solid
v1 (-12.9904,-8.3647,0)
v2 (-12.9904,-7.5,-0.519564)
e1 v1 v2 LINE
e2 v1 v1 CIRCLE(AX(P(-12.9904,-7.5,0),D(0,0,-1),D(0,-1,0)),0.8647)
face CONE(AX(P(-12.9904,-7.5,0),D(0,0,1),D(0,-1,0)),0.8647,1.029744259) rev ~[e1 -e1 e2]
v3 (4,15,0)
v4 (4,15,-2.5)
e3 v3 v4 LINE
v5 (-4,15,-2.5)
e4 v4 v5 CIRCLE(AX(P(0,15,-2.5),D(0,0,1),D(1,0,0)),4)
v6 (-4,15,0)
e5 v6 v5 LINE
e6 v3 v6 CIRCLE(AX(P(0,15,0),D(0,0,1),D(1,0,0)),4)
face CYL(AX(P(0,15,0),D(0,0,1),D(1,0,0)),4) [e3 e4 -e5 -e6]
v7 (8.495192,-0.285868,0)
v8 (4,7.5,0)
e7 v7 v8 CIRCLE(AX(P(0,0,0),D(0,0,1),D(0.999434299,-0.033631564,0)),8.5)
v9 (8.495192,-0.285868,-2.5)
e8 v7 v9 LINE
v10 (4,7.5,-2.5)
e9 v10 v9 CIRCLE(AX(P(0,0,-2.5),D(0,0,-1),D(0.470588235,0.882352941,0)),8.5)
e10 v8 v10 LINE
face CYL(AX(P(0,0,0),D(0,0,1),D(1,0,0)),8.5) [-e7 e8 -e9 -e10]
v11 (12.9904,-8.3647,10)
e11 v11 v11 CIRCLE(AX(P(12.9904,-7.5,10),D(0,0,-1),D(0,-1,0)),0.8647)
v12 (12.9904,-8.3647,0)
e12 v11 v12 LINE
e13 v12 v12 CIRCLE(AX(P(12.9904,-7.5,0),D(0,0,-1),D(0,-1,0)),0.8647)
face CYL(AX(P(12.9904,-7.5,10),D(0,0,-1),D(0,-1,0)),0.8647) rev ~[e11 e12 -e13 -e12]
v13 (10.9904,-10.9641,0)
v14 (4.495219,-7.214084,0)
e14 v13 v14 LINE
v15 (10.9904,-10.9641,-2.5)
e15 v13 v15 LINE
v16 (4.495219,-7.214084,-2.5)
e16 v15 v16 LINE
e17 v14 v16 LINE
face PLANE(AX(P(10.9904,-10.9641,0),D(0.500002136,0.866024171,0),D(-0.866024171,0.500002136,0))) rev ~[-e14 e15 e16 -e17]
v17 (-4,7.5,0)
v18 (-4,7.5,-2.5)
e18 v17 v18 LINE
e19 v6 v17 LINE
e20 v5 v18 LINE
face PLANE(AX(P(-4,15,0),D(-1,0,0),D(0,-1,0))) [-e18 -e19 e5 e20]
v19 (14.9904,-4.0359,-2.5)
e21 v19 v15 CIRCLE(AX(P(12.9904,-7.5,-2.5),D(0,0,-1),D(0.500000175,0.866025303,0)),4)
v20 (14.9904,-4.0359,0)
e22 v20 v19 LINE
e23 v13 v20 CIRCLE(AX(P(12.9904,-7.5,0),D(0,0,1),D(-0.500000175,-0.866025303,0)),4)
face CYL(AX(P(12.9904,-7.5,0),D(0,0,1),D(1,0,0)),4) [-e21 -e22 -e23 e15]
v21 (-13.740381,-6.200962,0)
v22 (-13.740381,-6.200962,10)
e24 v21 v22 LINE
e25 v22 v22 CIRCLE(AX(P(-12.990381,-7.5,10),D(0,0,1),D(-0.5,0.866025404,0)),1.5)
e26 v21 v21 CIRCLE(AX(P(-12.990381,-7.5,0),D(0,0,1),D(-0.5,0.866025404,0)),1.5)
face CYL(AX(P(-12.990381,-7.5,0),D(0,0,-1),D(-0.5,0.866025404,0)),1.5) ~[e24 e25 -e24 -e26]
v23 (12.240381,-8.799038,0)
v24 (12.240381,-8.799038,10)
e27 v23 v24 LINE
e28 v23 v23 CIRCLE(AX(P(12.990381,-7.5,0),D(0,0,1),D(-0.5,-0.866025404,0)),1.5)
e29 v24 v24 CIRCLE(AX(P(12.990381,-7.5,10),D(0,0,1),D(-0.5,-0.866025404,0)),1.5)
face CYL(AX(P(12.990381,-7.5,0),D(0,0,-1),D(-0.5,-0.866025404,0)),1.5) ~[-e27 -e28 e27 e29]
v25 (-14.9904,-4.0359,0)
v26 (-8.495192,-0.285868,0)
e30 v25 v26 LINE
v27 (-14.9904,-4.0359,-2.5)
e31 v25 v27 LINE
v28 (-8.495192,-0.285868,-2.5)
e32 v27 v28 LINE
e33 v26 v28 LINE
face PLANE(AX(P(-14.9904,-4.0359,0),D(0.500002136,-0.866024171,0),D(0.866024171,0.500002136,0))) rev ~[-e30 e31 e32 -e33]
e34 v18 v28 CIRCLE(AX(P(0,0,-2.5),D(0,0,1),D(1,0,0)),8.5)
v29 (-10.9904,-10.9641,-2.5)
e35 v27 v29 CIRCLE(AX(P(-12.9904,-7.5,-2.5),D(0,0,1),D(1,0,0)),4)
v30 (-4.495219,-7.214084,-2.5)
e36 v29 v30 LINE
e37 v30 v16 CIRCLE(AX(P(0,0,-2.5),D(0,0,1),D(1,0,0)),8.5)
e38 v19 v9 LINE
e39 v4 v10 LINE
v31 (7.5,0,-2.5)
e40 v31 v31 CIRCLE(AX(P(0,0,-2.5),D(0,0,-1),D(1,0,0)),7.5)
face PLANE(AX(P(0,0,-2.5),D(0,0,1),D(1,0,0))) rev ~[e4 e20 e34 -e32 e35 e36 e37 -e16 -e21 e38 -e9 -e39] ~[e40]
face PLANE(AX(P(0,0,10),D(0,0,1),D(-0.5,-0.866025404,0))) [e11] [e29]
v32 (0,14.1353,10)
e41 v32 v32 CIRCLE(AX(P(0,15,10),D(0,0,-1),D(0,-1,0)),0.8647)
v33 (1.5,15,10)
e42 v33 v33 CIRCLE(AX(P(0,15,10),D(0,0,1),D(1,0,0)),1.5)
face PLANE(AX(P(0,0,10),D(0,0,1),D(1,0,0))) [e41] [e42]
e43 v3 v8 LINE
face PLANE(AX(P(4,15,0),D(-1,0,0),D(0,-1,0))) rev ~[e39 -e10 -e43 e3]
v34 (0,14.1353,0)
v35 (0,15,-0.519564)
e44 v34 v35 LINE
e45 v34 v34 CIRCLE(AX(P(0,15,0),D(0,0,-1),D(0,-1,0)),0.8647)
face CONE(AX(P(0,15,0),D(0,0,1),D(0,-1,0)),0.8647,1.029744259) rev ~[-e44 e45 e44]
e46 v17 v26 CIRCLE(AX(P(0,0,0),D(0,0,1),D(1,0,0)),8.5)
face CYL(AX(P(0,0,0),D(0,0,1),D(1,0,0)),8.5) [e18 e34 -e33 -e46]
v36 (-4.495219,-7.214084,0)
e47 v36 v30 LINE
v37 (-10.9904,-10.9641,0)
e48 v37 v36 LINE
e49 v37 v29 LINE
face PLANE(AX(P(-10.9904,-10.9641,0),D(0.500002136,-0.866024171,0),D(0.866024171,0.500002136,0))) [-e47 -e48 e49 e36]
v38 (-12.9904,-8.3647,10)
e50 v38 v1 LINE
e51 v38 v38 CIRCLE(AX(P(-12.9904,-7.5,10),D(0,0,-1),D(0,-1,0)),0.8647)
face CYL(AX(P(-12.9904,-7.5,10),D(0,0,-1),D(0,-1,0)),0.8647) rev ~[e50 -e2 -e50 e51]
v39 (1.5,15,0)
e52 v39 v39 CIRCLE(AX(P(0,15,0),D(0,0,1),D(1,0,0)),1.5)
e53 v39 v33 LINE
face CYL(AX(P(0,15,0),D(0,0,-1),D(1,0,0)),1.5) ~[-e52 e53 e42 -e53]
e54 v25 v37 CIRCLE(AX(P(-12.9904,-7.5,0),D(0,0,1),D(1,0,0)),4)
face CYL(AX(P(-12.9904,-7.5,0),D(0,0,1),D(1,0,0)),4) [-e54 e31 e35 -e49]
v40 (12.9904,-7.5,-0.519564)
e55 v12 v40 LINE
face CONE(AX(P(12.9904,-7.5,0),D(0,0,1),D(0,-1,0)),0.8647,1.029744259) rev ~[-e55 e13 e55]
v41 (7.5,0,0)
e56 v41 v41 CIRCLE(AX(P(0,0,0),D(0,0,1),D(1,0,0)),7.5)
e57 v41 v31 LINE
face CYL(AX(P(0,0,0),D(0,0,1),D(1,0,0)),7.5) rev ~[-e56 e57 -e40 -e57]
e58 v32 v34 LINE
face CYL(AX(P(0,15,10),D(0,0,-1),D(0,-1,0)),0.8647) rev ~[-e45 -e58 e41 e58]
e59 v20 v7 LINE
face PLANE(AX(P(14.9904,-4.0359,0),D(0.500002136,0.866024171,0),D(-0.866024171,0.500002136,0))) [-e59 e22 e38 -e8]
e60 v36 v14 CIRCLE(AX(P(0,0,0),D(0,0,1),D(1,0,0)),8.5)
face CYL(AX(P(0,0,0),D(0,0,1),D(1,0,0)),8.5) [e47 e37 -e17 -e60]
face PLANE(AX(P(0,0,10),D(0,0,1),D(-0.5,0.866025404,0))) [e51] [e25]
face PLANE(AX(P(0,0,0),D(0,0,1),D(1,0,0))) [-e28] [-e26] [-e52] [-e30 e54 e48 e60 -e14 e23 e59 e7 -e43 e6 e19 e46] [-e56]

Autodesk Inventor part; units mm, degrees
ref_plane "YZ Plane" through (0, 0, 0) normal (1, 0, 0) x (0, 1, 0)
ref_plane "XZ Plane" through (0, 0, 0) normal (0, 1, 0) x (-1, 0, 0)
ref_plane "XY Plane" through (0, 0, 0) normal (0, 0, 1) x (1, 0, 0)
sketch "Sketch3" plane through (0, 0, 0) normal (0, 0, 1) x (1, 0, 0)
  circle A0 centre (0, 0) radius 7.5
  circle A1 centre (0, 15) radius 4
  line L0 (0, 0) -> (0, 15)
  line L1 (-4, 15) -> (-4, 6.3443)
  line L2 (4, 15) -> (4, 6.3443)
  circle A2 centre (0, 0) radius 8.5
  circle A3 centre (-12.9904, -7.5) radius 4
  line L3 (-14.9904, -4.0359) -> (-7.4943, 0.292)
  line L4 (-10.9904, -10.9641) -> (-3.4943, -6.6362)
  circle A4 centre (12.9904, -7.5) radius 4
  line L5 (10.9904, -10.9641) -> (3.4943, -6.6362)
  line L6 (14.9904, -4.0359) -> (7.4943, 0.292)
  point P0 (-4, 7.5)
  point P1 (4, 7.5)
  point P2 (8.4952, -0.2859)
  point P3 (4.4952, -7.2141)
  point P4 (-4.4952, -7.2141)
  point P5 (-8.4952, -0.2859)
  dimension "d13" = 15
  dimension "d14" = 8
  dimension "d17" = 15
  dimension "d26" = 17
  dimension "d29" = 360
extrude "Extrusion3" add sketch "Sketch3" against normal blind 2.5 contours A0 L6 A2 L5 | A0 L2 A2 L6 | L5 A2 L4 A0 | A0 L0 A2 L2 | L6 A4 L5 A2 | L4 A2 L3 A0 | A0 L1 A2 L0 | A2 L0 A1 L2 | A4 | L3 A2 L1 A0 | L4 A3 L3 A2 | A2 L1 A1 L0 | A1 | A3
sketch "Sketch4" plane through (0, 0, 0) normal (0, 0, 1) x (1, 0, 0)
  arc A0 (4, 15) -> (-4, 15) centre (0, 15) ccw projected
  circle A1 centre (0, 15) radius 1.5
  point P0 (0, 0)
  dimension "d20" = 3
extrude "Extrusion4" add sketch "Sketch4" along normal blind 10
sketch "Sketch5" plane through (0, 0, 0) normal (0, 0, 1) x (1, 0, 0)
  circle A0 centre (0, 0) radius 7.5
  dimension "d23" = 15
pattern_circular "Circular Pattern1" count 3 over 360 about axis through (0, 0, -10) along (0, 0, 1) of "Extrusion4"
sketch "Sketch6" plane through (0, 15, 10) normal (0, 0, 1) x (1, 0, 0)
  circle A0 centre (0, 0) radius 1.5 projected
  circle A1 centre (-12.9904, -22.5) radius 1.5 projected
  circle A2 centre (12.9904, -22.5) radius 1.5 projected
  point P0 (0, -15)
hole "Hole1" at (0, 15, 10) at (-12.9904, -7.5, 10) at (12.9904, -7.5, 10) direction (0, 0, -1) diameter 1.7294 depth 10 tip angle 118 thread size "M2x0.25" class "6H" standard "ISO Metric profile"
properties part number "Planetery gearbox port"
